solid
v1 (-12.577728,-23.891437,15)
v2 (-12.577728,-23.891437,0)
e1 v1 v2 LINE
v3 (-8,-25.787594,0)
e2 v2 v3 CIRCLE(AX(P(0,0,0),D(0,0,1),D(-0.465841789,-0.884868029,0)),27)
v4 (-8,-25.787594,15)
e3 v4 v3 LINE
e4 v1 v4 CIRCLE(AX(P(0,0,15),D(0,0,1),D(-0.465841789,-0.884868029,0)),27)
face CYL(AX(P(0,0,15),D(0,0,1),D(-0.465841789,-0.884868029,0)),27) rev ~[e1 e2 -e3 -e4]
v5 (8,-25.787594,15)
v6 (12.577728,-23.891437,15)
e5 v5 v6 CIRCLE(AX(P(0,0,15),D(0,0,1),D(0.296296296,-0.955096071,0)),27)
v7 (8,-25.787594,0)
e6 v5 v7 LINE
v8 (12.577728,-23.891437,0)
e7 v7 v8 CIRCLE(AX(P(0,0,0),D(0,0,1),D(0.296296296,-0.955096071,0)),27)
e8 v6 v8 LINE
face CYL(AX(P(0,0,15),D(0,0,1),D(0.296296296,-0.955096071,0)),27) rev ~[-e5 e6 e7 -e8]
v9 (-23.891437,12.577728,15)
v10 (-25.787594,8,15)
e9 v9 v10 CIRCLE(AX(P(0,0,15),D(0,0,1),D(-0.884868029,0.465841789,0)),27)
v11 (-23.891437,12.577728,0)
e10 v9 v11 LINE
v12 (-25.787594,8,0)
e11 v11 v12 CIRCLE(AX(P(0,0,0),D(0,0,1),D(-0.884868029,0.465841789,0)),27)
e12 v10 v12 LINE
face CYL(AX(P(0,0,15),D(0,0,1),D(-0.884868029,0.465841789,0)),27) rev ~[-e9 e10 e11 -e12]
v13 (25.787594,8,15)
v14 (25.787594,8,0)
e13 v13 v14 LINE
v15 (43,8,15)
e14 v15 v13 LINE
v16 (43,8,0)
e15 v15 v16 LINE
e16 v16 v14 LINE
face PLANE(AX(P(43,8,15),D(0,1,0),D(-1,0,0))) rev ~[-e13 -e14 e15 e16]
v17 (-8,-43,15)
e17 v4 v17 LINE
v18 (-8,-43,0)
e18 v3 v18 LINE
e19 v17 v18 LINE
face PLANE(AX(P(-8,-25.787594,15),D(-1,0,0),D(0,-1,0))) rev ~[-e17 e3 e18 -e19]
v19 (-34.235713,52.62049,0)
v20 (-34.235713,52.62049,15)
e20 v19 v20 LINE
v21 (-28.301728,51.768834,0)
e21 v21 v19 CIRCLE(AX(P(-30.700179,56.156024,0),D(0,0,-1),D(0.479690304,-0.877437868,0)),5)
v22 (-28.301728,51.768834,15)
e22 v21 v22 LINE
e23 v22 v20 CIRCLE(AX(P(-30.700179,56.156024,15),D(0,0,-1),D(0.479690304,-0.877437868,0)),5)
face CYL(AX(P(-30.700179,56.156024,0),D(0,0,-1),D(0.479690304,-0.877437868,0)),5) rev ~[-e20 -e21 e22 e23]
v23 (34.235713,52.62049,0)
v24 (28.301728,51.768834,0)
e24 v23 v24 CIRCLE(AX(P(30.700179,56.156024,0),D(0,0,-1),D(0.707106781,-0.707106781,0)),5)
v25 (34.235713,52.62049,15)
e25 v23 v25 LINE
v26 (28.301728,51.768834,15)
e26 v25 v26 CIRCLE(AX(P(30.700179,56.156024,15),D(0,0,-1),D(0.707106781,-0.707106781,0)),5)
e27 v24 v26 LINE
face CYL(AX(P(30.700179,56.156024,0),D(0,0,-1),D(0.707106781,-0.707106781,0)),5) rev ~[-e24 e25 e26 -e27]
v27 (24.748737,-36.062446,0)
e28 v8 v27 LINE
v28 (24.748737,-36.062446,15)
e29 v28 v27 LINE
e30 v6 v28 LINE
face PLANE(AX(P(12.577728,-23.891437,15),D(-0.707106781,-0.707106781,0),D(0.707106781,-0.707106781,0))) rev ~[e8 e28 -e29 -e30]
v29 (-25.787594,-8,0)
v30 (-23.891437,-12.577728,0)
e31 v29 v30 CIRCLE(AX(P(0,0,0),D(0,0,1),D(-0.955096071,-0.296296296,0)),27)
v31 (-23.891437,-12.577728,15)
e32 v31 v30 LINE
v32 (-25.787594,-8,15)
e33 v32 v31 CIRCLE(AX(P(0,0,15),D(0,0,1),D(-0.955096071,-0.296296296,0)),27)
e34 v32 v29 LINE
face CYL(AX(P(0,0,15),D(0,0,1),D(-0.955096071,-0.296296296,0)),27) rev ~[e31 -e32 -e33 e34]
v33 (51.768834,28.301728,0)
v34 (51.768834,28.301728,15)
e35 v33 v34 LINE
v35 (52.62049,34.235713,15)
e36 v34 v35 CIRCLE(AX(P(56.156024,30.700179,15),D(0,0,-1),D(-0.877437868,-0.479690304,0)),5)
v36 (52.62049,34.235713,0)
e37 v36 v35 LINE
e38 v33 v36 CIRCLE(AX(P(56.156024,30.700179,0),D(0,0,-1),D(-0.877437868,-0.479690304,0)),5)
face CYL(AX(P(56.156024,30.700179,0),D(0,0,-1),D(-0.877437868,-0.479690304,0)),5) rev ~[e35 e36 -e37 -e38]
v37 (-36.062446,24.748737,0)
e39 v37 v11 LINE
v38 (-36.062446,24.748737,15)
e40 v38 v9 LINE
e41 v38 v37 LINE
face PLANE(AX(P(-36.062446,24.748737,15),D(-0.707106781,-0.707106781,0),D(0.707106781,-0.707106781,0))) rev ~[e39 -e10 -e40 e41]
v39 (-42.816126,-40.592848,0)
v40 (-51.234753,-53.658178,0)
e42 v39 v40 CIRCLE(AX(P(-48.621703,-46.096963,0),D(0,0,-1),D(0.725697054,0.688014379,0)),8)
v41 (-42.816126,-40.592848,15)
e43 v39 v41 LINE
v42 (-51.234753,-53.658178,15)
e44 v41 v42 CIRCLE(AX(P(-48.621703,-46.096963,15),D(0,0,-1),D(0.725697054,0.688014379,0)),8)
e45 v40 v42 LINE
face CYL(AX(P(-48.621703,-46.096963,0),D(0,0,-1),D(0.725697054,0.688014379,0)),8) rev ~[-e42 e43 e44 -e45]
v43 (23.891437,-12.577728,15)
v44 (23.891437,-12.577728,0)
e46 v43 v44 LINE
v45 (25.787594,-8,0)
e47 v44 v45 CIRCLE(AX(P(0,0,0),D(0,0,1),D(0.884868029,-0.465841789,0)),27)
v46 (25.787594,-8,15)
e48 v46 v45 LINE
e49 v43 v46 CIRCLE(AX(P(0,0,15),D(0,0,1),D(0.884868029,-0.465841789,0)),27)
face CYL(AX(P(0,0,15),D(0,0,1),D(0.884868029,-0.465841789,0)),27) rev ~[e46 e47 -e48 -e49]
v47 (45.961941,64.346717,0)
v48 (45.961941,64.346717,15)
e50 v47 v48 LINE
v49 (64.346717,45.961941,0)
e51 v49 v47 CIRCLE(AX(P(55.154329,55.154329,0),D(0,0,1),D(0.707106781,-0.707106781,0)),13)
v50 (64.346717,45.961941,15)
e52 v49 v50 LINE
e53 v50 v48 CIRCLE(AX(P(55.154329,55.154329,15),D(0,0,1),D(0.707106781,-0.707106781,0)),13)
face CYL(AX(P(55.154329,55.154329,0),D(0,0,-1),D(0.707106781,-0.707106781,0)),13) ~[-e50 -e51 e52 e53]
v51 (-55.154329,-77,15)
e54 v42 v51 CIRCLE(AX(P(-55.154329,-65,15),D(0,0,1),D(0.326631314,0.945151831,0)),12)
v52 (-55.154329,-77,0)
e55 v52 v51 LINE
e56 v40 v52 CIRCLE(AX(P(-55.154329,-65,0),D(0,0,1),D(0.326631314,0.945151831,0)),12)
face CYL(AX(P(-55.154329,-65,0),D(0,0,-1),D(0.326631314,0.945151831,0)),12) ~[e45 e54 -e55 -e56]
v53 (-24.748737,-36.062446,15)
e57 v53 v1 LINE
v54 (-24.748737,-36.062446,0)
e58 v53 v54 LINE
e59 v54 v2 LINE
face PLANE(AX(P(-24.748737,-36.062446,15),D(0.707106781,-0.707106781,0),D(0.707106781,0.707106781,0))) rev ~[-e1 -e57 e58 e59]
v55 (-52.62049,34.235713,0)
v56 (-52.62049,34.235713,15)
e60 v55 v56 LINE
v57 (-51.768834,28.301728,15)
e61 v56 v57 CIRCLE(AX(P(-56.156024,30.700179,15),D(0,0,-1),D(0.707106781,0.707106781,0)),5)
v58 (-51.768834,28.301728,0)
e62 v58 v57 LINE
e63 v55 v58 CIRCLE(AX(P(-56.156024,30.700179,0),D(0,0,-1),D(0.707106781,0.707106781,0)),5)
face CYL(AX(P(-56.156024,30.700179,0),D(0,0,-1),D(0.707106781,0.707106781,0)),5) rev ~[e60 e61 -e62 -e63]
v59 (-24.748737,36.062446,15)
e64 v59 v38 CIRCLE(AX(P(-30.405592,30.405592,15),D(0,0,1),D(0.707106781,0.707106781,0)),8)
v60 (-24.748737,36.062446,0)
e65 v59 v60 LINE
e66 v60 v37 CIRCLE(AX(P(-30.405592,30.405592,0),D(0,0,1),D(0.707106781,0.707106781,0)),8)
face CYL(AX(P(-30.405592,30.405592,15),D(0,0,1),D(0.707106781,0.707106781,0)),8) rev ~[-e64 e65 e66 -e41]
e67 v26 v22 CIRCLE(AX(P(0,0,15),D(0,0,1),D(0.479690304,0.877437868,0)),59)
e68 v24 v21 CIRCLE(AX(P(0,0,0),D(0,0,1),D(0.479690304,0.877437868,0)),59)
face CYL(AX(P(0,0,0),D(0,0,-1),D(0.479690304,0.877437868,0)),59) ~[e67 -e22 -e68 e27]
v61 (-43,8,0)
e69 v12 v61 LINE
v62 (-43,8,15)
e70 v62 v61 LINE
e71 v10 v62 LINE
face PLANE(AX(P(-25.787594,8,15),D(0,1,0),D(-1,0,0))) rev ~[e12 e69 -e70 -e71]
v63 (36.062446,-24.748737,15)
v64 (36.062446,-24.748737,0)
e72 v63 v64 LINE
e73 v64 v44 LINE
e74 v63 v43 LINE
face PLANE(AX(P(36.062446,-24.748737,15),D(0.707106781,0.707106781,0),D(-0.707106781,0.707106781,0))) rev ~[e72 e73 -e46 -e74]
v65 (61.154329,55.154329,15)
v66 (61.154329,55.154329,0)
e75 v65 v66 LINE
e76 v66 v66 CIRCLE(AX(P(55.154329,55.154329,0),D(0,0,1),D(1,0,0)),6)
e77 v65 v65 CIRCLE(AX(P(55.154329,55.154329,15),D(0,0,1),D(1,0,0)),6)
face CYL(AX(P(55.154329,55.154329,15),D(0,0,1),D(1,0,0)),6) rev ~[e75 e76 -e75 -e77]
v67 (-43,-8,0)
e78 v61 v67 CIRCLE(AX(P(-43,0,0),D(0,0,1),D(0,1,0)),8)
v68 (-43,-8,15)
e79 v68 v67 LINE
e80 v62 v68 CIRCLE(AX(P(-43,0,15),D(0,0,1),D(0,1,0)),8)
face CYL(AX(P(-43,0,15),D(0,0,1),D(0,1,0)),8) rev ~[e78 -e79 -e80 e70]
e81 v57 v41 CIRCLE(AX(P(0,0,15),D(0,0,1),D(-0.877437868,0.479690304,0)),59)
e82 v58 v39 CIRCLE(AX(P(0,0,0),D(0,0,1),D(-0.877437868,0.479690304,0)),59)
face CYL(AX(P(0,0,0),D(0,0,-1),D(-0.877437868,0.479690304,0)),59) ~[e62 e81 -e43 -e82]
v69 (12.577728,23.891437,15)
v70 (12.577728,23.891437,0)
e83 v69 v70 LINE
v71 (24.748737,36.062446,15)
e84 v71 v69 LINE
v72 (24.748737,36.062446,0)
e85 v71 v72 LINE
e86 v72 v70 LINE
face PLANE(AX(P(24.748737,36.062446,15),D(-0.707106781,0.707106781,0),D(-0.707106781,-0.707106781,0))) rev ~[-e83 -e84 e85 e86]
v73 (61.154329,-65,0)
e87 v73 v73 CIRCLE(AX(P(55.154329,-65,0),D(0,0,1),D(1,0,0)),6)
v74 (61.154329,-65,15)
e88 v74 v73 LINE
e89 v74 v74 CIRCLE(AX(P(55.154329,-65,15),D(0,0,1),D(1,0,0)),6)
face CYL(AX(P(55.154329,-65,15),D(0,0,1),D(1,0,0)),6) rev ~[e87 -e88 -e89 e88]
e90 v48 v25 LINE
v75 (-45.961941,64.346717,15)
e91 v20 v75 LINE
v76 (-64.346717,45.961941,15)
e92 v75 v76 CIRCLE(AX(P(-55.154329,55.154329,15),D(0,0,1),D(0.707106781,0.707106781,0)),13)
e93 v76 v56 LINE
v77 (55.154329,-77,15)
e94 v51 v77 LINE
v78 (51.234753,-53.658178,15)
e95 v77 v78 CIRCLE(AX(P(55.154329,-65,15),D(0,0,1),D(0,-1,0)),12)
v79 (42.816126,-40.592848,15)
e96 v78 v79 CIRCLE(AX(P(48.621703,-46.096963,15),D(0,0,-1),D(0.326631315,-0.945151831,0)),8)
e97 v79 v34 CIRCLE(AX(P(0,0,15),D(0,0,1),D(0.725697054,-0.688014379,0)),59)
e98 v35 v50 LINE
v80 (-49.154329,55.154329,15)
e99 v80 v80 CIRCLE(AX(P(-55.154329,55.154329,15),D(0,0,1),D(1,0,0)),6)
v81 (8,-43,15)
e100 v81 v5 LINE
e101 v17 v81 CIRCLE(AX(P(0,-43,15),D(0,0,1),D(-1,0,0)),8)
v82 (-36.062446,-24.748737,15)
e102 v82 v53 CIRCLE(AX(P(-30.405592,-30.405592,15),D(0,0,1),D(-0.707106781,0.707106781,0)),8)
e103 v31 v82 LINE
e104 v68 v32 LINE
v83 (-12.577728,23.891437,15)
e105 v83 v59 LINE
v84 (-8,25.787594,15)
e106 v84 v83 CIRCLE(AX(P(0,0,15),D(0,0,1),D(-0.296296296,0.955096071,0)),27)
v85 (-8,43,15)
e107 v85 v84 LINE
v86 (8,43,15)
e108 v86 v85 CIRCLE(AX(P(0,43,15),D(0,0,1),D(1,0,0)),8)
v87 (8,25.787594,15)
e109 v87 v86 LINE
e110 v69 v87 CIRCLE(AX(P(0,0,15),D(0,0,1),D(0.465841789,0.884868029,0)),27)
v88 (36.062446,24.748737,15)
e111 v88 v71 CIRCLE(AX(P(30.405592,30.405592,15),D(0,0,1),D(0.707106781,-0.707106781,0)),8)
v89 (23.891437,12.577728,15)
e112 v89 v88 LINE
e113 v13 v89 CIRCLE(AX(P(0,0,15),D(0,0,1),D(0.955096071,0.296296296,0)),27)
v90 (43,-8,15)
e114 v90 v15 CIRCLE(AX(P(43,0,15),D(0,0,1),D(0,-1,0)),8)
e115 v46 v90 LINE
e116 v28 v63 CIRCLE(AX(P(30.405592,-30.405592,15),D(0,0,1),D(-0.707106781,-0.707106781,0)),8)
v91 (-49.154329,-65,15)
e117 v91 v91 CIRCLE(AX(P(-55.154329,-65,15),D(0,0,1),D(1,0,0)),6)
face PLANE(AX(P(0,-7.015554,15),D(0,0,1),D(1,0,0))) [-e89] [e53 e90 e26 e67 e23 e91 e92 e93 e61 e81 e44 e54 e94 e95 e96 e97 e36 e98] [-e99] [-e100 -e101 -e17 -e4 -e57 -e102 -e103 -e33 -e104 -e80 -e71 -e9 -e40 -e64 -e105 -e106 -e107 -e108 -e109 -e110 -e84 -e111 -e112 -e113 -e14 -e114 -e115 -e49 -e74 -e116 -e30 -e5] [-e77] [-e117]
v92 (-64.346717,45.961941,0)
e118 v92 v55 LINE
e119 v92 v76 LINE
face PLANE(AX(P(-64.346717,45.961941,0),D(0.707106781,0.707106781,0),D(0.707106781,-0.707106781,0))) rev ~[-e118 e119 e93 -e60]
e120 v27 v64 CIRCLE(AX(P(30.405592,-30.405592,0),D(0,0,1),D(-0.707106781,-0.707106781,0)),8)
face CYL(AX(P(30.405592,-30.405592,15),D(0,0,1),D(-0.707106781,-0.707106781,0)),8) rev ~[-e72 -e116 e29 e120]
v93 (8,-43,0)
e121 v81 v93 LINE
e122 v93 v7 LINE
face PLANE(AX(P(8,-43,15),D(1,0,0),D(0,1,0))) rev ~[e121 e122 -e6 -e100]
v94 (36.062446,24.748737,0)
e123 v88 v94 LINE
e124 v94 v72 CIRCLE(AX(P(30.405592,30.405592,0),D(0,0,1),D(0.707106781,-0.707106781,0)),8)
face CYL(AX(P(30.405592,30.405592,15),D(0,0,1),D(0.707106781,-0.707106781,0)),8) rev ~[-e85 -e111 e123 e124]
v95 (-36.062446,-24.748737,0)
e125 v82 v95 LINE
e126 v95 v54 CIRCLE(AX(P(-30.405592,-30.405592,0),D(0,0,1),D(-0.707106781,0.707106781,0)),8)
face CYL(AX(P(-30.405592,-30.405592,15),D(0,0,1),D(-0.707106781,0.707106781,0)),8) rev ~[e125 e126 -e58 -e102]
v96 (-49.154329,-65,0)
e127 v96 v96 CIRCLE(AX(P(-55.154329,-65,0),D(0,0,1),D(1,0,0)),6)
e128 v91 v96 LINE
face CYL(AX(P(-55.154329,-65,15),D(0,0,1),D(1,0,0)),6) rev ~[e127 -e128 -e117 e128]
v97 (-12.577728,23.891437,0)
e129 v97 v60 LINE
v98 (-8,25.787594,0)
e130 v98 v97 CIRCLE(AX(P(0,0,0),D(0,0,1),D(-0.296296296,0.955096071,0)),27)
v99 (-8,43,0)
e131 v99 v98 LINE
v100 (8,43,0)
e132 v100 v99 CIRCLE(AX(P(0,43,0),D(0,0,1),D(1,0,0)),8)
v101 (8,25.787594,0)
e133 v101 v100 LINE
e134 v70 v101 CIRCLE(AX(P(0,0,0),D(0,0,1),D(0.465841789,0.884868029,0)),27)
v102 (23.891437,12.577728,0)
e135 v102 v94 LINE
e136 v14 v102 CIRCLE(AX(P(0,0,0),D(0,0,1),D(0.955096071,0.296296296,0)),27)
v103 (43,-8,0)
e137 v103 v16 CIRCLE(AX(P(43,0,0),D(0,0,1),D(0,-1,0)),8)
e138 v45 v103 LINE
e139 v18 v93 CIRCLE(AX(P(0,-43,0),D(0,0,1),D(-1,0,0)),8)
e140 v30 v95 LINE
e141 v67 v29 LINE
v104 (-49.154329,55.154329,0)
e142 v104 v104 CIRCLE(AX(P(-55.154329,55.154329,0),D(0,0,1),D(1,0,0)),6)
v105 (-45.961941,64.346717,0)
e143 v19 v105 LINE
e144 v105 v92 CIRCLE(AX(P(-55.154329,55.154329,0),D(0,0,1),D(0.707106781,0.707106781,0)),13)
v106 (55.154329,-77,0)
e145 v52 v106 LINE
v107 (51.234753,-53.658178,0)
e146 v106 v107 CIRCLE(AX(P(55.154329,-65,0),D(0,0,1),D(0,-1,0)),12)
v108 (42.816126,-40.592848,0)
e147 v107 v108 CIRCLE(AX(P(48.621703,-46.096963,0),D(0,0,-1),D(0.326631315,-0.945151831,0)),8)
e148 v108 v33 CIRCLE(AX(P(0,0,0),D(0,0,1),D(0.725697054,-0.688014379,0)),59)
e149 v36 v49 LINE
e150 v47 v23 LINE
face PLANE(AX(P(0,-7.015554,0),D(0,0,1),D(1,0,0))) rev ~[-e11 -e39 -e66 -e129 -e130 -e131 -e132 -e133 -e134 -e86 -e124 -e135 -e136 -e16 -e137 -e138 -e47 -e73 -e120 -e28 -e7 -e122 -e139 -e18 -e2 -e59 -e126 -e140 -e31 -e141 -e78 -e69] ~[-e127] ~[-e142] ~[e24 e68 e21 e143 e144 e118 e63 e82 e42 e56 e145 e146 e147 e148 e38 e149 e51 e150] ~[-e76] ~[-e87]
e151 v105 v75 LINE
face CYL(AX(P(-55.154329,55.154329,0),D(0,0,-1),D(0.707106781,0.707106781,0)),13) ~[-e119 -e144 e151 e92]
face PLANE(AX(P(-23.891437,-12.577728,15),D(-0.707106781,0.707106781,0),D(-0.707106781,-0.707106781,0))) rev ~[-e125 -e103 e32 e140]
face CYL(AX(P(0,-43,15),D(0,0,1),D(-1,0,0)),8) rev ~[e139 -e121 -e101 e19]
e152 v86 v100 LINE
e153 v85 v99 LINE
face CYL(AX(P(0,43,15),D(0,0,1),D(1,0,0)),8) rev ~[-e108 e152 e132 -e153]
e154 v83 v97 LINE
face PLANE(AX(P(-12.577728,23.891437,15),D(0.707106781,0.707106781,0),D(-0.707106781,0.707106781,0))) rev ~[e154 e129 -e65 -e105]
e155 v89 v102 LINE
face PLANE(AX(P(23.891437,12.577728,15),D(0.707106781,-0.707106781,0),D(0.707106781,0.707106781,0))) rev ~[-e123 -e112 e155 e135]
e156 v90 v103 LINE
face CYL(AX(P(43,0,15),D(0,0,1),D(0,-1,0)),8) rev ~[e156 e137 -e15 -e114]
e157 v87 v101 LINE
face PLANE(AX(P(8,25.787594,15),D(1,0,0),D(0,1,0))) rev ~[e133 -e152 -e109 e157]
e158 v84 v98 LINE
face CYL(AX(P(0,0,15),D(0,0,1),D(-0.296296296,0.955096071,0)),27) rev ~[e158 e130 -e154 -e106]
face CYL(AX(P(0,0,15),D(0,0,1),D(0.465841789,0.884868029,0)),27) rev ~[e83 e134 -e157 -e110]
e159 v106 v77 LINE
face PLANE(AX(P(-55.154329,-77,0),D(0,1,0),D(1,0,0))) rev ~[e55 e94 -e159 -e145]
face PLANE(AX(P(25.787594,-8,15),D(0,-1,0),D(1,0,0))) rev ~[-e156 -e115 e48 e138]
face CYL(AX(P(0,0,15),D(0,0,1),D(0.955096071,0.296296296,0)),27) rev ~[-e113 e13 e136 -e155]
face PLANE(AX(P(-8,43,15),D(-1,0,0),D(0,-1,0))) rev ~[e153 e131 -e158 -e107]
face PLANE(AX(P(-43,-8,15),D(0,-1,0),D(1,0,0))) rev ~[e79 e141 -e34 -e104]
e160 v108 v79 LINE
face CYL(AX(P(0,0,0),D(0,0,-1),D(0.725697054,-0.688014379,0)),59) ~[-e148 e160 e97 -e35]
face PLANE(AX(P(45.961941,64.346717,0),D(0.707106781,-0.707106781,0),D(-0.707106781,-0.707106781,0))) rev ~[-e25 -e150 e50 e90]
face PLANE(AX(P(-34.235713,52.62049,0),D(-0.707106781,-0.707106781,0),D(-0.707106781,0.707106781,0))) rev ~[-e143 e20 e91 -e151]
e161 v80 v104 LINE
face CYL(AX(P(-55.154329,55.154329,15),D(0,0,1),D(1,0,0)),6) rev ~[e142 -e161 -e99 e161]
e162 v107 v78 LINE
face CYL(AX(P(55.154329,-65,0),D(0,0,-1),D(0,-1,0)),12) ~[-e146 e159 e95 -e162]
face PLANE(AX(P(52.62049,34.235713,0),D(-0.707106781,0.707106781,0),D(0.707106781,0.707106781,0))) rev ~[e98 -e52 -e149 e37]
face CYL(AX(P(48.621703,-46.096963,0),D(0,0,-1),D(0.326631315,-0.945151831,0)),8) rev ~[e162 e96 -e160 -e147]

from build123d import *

# Parameters (mm, degrees)
SALIENTE_EXTRUIR1_DEPTH = 15
CROQUIS2_R              = 6
CORTAR_EXTRUIR1_DEPTH   = 104.918297485


with BuildPart() as part:
    # Croquis1 → Saliente-Extruir1 (new body)
    with BuildSketch(Plane.XY):
        with BuildLine():
            Line((-64.346717088, 45.961940777), (-52.620489657, 34.235713346))
            ThreePointArc((-52.620489657, 34.235713346), (-51.206737587, 31.410509176), (-51.768834222, 28.301727921))
            ThreePointArc((-51.768834222, 28.301727921), (-58.508070764, -7.603003058), (-42.816126208, -40.592848343))
            ThreePointArc((-42.816126208, -40.592848343), (-41.896840908, -50.430118648), (-51.234753159, -53.658178023))
            ThreePointArc((-51.234753159, -53.658178023), (-66.988640567, -63.012773757), (-55.154328933, -77))
            Line((-55.154328933, -77), (55.154328933, -77))
            ThreePointArc((55.154328933, -77), (66.988640567, -63.012773757), (51.234753159, -53.658178023))
            ThreePointArc((51.234753159, -53.658178023), (41.896840908, -50.430118648), (42.816126208, -40.592848343))
            ThreePointArc((42.816126208, -40.592848343), (58.508070764, -7.603003058), (51.768834222, 28.301727921))
            ThreePointArc((51.768834222, 28.301727921), (51.206737587, 31.410509176), (52.620489657, 34.235713346))
            Line((52.620489657, 34.235713346), (64.346717088, 45.961940777))
            ThreePointArc((64.346717088, 45.961940777), (64.346717088, 64.346717088), (45.961940777, 64.346717088))
            Line((45.961940777, 64.346717088), (34.235713346, 52.620489657))
            ThreePointArc((34.235713346, 52.620489657), (31.410509176, 51.206737587), (28.301727921, 51.768834222))
            ThreePointArc((28.301727921, 51.768834222), (0, 59), (-28.301727921, 51.768834222))
            ThreePointArc((-28.301727921, 51.768834222), (-31.410509176, 51.206737587), (-34.235713346, 52.620489657))
            Line((-34.235713346, 52.620489657), (-45.961940777, 64.346717088))
            ThreePointArc((-45.961940777, 64.346717088), (-64.346717088, 64.346717088), (-64.346717088, 45.961940777))
        make_face()
    extrude(amount=SALIENTE_EXTRUIR1_DEPTH)

    # Croquis2 → Cortar-Extruir1 (cut, through all)
    with BuildSketch(Plane.XY.offset(15)):
        with Locations((-55.154328933, 55.154328933)):
            Circle(CROQUIS2_R)
        with Locations((55.154328933, 55.154328933)):
            Circle(CROQUIS2_R)
        with Locations((-55.154328933, -65)):
            Circle(CROQUIS2_R)
        with Locations((55.154328933, -65)):
            Circle(CROQUIS2_R)
        with BuildLine():
            Line((-8, 43), (-8, 25.787593916))
            ThreePointArc((-8, 25.787593916), (-10.332452674, 24.944747378), (-12.577728279, 23.891436778))
            Line((-12.577728279, 23.891436778), (-24.748737342, 36.062445841))
            ThreePointArc((-24.748737342, 36.062445841), (-36.062445841, 36.062445841), (-36.062445841, 24.748737342))
            Line((-36.062445841, 24.748737342), (-23.891436778, 12.577728279))
            ThreePointArc((-23.891436778, 12.577728279), (-24.944747378, 10.332452674), (-25.787593916, 8))
            Line((-25.787593916, 8), (-43, 8))
            ThreePointArc((-43, 8), (-51, 0), (-43, -8))
            Line((-43, -8), (-25.787593916, -8))
            ThreePointArc((-25.787593916, -8), (-24.944747378, -10.332452674), (-23.891436778, -12.577728279))
            Line((-23.891436778, -12.577728279), (-36.062445841, -24.748737342))
            ThreePointArc((-36.062445841, -24.748737342), (-36.062445841, -36.062445841), (-24.748737342, -36.062445841))
            Line((-24.748737342, -36.062445841), (-12.577728279, -23.891436778))
            ThreePointArc((-12.577728279, -23.891436778), (-10.332452674, -24.944747378), (-8, -25.787593916))
            Line((-8, -25.787593916), (-8, -43))
            ThreePointArc((-8, -43), (0, -51), (8, -43))
            Line((8, -43), (8, -25.787593916))
            ThreePointArc((8, -25.787593916), (10.332452674, -24.944747378), (12.577728279, -23.891436778))
            Line((12.577728279, -23.891436778), (24.748737342, -36.062445841))
            ThreePointArc((24.748737342, -36.062445841), (36.062445841, -36.062445841), (36.062445841, -24.748737342))
            Line((36.062445841, -24.748737342), (23.891436778, -12.577728279))
            ThreePointArc((23.891436778, -12.577728279), (24.944747378, -10.332452674), (25.787593916, -8))
            Line((25.787593916, -8), (43, -8))
            ThreePointArc((43, -8), (51, 0), (43, 8))
            Line((43, 8), (25.787593916, 8))
            ThreePointArc((25.787593916, 8), (24.944747378, 10.332452674), (23.891436778, 12.577728279))
            Line((23.891436778, 12.577728279), (36.062445841, 24.748737342))
            ThreePointArc((36.062445841, 24.748737342), (36.062445841, 36.062445841), (24.748737342, 36.062445841))
            Line((24.748737342, 36.062445841), (12.577728279, 23.891436778))
            ThreePointArc((12.577728279, 23.891436778), (10.332452674, 24.944747378), (8, 25.787593916))
            Line((8, 25.787593916), (8, 43))
            ThreePointArc((8, 43), (0, 51), (-8, 43))
        make_face()
    extrude(amount=-CORTAR_EXTRUIR1_DEPTH, mode=Mode.SUBTRACT)


solid = part.part
